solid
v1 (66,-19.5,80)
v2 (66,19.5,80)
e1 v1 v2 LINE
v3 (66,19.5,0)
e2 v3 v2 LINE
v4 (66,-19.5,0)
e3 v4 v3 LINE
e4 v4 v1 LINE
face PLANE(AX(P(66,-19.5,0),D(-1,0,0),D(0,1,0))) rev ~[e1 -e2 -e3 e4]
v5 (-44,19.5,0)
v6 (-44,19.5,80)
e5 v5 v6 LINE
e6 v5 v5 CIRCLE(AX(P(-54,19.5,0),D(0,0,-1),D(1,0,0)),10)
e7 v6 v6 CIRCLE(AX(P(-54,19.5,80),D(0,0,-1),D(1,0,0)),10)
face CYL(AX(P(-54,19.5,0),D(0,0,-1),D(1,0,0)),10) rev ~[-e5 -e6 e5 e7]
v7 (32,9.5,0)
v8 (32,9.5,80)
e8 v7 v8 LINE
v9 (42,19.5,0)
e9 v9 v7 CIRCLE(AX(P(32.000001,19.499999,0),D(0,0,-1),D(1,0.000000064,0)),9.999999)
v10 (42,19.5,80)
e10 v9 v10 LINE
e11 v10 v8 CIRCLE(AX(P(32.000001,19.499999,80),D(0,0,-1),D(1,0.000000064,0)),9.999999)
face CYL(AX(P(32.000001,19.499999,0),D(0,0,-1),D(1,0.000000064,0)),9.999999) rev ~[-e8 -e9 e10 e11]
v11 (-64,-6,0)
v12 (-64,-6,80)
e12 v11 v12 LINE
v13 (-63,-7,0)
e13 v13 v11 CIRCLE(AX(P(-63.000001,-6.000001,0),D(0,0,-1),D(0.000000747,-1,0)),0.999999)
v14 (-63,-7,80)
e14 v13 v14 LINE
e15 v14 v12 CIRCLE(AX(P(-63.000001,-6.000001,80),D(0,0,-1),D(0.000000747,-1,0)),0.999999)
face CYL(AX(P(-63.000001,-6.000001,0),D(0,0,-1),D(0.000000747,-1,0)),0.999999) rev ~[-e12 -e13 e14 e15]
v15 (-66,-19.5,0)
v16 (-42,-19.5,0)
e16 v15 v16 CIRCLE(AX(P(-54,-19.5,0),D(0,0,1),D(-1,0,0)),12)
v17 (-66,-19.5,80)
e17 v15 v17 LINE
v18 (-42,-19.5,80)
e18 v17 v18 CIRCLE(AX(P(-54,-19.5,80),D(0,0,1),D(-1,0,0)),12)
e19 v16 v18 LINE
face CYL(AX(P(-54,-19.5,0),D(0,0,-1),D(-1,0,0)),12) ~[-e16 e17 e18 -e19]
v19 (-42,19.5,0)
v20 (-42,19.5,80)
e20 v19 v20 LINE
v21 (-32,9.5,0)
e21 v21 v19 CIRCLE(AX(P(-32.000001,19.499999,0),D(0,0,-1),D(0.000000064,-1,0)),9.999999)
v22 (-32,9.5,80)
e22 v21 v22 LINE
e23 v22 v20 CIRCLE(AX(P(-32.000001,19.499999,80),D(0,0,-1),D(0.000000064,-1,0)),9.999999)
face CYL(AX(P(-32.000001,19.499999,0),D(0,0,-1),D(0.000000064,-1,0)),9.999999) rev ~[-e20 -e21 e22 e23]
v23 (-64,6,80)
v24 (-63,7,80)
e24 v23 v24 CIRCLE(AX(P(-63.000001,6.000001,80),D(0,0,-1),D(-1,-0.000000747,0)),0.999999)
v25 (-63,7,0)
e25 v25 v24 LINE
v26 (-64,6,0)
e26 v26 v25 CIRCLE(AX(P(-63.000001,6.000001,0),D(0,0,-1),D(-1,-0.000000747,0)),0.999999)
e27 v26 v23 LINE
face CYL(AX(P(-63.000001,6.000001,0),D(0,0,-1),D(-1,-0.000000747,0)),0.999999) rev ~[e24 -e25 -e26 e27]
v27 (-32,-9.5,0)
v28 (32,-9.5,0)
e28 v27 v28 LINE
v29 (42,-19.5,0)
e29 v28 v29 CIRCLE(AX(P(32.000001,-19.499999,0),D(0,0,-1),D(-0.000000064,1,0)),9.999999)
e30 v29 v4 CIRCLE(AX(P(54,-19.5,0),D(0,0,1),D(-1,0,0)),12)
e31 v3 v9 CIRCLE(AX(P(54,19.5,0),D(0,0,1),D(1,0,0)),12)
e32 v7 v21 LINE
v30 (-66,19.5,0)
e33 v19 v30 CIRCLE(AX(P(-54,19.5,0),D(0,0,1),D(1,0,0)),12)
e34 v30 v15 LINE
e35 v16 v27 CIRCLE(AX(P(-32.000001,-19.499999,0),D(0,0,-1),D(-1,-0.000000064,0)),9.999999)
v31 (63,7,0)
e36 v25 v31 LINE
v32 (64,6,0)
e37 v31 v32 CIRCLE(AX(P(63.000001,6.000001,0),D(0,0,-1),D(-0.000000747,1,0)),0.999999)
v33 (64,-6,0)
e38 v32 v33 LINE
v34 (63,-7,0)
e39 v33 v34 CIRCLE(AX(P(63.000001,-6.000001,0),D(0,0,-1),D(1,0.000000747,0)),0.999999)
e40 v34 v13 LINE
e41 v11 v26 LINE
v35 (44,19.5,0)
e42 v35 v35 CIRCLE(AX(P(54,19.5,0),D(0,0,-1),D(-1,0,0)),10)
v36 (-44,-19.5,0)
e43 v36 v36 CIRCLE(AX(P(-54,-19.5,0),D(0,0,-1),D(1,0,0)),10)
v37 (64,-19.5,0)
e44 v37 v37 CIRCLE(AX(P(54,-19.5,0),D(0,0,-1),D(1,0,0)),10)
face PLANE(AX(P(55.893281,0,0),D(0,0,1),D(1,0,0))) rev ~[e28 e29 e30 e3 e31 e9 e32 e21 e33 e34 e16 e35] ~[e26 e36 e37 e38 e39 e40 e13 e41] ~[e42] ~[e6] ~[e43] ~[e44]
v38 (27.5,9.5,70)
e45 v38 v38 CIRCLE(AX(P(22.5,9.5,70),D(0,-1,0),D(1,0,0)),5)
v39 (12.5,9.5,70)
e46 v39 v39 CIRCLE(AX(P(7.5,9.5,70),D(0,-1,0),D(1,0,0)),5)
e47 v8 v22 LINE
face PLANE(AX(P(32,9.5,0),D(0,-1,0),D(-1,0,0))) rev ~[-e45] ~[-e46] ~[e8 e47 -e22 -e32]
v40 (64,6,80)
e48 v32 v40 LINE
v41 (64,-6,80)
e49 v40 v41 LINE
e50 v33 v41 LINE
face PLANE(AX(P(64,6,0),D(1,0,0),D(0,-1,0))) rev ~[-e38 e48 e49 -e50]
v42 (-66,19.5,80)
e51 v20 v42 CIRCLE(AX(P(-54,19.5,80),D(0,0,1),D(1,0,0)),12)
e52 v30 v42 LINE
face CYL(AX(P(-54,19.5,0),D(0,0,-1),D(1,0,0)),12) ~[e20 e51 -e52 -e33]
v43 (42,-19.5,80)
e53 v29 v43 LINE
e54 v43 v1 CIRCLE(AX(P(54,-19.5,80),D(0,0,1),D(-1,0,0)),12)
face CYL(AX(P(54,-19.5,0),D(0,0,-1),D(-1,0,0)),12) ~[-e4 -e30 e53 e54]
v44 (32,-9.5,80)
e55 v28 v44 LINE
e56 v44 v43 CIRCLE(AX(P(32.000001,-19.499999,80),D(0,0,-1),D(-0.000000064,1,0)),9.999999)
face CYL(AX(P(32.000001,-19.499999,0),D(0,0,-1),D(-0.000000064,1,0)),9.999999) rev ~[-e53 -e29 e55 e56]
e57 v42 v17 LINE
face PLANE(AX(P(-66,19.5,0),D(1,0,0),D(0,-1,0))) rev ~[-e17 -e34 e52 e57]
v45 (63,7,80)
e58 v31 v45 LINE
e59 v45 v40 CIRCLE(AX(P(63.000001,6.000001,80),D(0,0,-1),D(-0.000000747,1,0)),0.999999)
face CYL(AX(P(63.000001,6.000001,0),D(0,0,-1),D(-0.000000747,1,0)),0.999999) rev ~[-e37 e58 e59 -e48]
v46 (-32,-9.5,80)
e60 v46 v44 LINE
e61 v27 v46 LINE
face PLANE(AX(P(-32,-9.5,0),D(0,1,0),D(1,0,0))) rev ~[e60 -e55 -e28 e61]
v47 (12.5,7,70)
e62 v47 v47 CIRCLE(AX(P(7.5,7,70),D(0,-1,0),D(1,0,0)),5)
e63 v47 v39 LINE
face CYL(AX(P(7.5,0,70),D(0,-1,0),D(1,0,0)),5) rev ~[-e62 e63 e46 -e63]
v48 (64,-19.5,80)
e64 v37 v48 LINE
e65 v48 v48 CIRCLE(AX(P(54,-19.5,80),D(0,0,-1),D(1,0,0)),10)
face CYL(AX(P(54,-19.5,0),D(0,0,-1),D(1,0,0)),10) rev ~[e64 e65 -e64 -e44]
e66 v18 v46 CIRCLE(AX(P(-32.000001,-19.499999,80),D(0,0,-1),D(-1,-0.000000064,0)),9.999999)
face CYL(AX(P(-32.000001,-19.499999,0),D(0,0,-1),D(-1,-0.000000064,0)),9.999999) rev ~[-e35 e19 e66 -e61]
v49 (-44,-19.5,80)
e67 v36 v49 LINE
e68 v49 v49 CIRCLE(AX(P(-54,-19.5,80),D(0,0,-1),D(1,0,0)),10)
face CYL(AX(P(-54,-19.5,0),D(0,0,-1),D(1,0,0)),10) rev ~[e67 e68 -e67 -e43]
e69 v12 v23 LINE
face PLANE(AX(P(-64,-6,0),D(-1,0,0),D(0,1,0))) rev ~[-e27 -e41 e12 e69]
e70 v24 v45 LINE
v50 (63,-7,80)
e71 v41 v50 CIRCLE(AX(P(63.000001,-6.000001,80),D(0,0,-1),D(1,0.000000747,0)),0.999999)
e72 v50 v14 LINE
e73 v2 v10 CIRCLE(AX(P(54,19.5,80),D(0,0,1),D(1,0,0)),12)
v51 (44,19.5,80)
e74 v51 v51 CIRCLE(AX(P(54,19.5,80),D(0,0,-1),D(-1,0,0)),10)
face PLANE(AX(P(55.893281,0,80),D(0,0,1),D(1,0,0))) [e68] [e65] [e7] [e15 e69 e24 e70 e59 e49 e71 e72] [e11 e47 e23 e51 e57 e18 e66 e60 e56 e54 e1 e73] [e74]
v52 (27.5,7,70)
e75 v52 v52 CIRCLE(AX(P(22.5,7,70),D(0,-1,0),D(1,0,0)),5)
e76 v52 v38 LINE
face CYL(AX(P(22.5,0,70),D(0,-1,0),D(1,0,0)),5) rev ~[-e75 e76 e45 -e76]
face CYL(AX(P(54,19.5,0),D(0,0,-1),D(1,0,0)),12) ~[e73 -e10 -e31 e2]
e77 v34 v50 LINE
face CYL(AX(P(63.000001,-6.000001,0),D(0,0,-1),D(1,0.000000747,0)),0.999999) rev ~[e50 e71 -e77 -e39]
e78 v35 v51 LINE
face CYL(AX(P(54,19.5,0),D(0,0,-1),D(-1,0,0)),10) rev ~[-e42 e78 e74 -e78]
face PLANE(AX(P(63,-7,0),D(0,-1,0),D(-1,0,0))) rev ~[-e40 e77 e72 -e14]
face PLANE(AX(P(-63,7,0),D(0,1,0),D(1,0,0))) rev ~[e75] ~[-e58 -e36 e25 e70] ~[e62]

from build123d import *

# Parameters (mm, degrees)
F1_DEPTH = 80
F2_R     = 5
F3_DEPTH = 25


with BuildPart() as f1:
    # F0 (on Top) → F1 (new body)
    with BuildSketch(Plane.XY):
        with BuildLine():
            Line((44, 7), (63, 7))
            ThreePointArc((63, 7), (63.707107, 6.707107), (64, 6))
            Line((64, 6), (64, -6))
            ThreePointArc((64, -6), (63.707107, -6.707107), (63, -7))
            Line((63, -7), (44, -7))
            Line((44, -7), (44, -19.5))
            ThreePointArc((44, -19.5), (54, -9.5), (64, -19.5))
            Line((64, -19.5), (64, -7))
            Line((64, -7), (66, -7))
            Line((66, -7), (66, 7))
            Line((66, 7), (64, 7))
            Line((64, 7), (64, 19.5))
            ThreePointArc((64, 19.5), (54, 9.5), (44, 19.5))
            Line((44, 19.5), (44, 7))
        make_face()
        with BuildLine():
            Line((42, 7), (44, 7))
            Line((44, 7), (44, 19.5))
            ThreePointArc((44, 19.5), (54, 29.5), (64, 19.5))
            Line((64, 19.5), (64, 7))
            Line((64, 7), (66, 7))
            Line((66, 7), (66, 19.5))
            ThreePointArc((66, 19.5), (54, 31.5), (42, 19.5))
            Line((42, 19.5), (42, 7))
        make_face()
        with BuildLine():
            Line((-42, 7), (42, 7))
            Line((42, 7), (42, 19.5))
            ThreePointArc((42, 19.5), (39.071068, 12.428932), (32, 9.5))
            Line((32, 9.5), (-32, 9.5))
            ThreePointArc((-32, 9.5), (-39.071068, 12.428932), (-42, 19.5))
            Line((-42, 19.5), (-42, 7))
        make_face()
        with BuildLine():
            Line((-44, 7), (-42, 7))
            Line((-42, 7), (-42, 19.5))
            ThreePointArc((-42, 19.5), (-54, 31.5), (-66, 19.5))
            Line((-66, 19.5), (-66, 7))
            Line((-66, 7), (-64, 7))
            Line((-64, 7), (-64, 19.5))
            ThreePointArc((-64, 19.5), (-54, 29.5), (-44, 19.5))
            Line((-44, 19.5), (-44, 7))
        make_face()
        with BuildLine():
            Line((-63, 7), (-44, 7))
            Line((-44, 7), (-44, 19.5))
            ThreePointArc((-44, 19.5), (-54, 9.5), (-64, 19.5))
            Line((-64, 19.5), (-64, 7))
            Line((-64, 7), (-66, 7))
            Line((-66, 7), (-66, -6.902831))
            Line((-66, -6.902831), (-64, -7))
            Line((-64, -7), (-64, -19.5))
            ThreePointArc((-64, -19.5), (-54, -9.5), (-44, -19.5))
            Line((-44, -19.5), (-44, -7))
            Line((-44, -7), (-63, -7))
            ThreePointArc((-63, -7), (-63.707107, -6.707107), (-64, -6))
            Line((-64, -6), (-64, 6))
            ThreePointArc((-64, 6), (-63.707107, 6.707107), (-63, 7))
        make_face()
        with BuildLine():
            Line((44, -19.5), (44, -7))
            Line((44, -7), (42, -7))
            Line((42, -7), (42, -19.5))
            ThreePointArc((42, -19.5), (54, -31.5), (66, -19.5))
            Line((66, -19.5), (66, -7))
            Line((66, -7), (64, -7))
            Line((64, -7), (64, -19.5))
            ThreePointArc((64, -19.5), (54, -29.5), (44, -19.5))
        make_face()
        with BuildLine():
            Line((42, -19.5), (42, -7))
            Line((42, -7), (-42, -7))
            Line((-42, -7), (-42, -19.5))
            ThreePointArc((-42, -19.5), (-39.071068, -12.428932), (-32, -9.5))
            Line((-32, -9.5), (32, -9.5))
            ThreePointArc((32, -9.5), (39.071068, -12.428932), (42, -19.5))
        make_face()
        with BuildLine():
            Line((-42, -19.5), (-42, -7))
            Line((-42, -7), (-44, -7))
            Line((-44, -7), (-44, -19.5))
            ThreePointArc((-44, -19.5), (-54, -29.5), (-64, -19.5))
            Line((-64, -19.5), (-64, -7))
            Line((-64, -7), (-66, -6.902831))
            Line((-66, -6.902831), (-66, -19.5))
            ThreePointArc((-66, -19.5), (-54, -31.5), (-42, -19.5))
        make_face()
    extrude(amount=F1_DEPTH)

    # F2 (on Front) → F3 (cut)
    with BuildSketch(Plane.XZ):
        with Locations((22.5, 70)):
            Circle(F2_R)
        with Locations((7.5, 70)):
            Circle(F2_R)
    extrude(amount=-F3_DEPTH, mode=Mode.SUBTRACT)


solid = f1.part
